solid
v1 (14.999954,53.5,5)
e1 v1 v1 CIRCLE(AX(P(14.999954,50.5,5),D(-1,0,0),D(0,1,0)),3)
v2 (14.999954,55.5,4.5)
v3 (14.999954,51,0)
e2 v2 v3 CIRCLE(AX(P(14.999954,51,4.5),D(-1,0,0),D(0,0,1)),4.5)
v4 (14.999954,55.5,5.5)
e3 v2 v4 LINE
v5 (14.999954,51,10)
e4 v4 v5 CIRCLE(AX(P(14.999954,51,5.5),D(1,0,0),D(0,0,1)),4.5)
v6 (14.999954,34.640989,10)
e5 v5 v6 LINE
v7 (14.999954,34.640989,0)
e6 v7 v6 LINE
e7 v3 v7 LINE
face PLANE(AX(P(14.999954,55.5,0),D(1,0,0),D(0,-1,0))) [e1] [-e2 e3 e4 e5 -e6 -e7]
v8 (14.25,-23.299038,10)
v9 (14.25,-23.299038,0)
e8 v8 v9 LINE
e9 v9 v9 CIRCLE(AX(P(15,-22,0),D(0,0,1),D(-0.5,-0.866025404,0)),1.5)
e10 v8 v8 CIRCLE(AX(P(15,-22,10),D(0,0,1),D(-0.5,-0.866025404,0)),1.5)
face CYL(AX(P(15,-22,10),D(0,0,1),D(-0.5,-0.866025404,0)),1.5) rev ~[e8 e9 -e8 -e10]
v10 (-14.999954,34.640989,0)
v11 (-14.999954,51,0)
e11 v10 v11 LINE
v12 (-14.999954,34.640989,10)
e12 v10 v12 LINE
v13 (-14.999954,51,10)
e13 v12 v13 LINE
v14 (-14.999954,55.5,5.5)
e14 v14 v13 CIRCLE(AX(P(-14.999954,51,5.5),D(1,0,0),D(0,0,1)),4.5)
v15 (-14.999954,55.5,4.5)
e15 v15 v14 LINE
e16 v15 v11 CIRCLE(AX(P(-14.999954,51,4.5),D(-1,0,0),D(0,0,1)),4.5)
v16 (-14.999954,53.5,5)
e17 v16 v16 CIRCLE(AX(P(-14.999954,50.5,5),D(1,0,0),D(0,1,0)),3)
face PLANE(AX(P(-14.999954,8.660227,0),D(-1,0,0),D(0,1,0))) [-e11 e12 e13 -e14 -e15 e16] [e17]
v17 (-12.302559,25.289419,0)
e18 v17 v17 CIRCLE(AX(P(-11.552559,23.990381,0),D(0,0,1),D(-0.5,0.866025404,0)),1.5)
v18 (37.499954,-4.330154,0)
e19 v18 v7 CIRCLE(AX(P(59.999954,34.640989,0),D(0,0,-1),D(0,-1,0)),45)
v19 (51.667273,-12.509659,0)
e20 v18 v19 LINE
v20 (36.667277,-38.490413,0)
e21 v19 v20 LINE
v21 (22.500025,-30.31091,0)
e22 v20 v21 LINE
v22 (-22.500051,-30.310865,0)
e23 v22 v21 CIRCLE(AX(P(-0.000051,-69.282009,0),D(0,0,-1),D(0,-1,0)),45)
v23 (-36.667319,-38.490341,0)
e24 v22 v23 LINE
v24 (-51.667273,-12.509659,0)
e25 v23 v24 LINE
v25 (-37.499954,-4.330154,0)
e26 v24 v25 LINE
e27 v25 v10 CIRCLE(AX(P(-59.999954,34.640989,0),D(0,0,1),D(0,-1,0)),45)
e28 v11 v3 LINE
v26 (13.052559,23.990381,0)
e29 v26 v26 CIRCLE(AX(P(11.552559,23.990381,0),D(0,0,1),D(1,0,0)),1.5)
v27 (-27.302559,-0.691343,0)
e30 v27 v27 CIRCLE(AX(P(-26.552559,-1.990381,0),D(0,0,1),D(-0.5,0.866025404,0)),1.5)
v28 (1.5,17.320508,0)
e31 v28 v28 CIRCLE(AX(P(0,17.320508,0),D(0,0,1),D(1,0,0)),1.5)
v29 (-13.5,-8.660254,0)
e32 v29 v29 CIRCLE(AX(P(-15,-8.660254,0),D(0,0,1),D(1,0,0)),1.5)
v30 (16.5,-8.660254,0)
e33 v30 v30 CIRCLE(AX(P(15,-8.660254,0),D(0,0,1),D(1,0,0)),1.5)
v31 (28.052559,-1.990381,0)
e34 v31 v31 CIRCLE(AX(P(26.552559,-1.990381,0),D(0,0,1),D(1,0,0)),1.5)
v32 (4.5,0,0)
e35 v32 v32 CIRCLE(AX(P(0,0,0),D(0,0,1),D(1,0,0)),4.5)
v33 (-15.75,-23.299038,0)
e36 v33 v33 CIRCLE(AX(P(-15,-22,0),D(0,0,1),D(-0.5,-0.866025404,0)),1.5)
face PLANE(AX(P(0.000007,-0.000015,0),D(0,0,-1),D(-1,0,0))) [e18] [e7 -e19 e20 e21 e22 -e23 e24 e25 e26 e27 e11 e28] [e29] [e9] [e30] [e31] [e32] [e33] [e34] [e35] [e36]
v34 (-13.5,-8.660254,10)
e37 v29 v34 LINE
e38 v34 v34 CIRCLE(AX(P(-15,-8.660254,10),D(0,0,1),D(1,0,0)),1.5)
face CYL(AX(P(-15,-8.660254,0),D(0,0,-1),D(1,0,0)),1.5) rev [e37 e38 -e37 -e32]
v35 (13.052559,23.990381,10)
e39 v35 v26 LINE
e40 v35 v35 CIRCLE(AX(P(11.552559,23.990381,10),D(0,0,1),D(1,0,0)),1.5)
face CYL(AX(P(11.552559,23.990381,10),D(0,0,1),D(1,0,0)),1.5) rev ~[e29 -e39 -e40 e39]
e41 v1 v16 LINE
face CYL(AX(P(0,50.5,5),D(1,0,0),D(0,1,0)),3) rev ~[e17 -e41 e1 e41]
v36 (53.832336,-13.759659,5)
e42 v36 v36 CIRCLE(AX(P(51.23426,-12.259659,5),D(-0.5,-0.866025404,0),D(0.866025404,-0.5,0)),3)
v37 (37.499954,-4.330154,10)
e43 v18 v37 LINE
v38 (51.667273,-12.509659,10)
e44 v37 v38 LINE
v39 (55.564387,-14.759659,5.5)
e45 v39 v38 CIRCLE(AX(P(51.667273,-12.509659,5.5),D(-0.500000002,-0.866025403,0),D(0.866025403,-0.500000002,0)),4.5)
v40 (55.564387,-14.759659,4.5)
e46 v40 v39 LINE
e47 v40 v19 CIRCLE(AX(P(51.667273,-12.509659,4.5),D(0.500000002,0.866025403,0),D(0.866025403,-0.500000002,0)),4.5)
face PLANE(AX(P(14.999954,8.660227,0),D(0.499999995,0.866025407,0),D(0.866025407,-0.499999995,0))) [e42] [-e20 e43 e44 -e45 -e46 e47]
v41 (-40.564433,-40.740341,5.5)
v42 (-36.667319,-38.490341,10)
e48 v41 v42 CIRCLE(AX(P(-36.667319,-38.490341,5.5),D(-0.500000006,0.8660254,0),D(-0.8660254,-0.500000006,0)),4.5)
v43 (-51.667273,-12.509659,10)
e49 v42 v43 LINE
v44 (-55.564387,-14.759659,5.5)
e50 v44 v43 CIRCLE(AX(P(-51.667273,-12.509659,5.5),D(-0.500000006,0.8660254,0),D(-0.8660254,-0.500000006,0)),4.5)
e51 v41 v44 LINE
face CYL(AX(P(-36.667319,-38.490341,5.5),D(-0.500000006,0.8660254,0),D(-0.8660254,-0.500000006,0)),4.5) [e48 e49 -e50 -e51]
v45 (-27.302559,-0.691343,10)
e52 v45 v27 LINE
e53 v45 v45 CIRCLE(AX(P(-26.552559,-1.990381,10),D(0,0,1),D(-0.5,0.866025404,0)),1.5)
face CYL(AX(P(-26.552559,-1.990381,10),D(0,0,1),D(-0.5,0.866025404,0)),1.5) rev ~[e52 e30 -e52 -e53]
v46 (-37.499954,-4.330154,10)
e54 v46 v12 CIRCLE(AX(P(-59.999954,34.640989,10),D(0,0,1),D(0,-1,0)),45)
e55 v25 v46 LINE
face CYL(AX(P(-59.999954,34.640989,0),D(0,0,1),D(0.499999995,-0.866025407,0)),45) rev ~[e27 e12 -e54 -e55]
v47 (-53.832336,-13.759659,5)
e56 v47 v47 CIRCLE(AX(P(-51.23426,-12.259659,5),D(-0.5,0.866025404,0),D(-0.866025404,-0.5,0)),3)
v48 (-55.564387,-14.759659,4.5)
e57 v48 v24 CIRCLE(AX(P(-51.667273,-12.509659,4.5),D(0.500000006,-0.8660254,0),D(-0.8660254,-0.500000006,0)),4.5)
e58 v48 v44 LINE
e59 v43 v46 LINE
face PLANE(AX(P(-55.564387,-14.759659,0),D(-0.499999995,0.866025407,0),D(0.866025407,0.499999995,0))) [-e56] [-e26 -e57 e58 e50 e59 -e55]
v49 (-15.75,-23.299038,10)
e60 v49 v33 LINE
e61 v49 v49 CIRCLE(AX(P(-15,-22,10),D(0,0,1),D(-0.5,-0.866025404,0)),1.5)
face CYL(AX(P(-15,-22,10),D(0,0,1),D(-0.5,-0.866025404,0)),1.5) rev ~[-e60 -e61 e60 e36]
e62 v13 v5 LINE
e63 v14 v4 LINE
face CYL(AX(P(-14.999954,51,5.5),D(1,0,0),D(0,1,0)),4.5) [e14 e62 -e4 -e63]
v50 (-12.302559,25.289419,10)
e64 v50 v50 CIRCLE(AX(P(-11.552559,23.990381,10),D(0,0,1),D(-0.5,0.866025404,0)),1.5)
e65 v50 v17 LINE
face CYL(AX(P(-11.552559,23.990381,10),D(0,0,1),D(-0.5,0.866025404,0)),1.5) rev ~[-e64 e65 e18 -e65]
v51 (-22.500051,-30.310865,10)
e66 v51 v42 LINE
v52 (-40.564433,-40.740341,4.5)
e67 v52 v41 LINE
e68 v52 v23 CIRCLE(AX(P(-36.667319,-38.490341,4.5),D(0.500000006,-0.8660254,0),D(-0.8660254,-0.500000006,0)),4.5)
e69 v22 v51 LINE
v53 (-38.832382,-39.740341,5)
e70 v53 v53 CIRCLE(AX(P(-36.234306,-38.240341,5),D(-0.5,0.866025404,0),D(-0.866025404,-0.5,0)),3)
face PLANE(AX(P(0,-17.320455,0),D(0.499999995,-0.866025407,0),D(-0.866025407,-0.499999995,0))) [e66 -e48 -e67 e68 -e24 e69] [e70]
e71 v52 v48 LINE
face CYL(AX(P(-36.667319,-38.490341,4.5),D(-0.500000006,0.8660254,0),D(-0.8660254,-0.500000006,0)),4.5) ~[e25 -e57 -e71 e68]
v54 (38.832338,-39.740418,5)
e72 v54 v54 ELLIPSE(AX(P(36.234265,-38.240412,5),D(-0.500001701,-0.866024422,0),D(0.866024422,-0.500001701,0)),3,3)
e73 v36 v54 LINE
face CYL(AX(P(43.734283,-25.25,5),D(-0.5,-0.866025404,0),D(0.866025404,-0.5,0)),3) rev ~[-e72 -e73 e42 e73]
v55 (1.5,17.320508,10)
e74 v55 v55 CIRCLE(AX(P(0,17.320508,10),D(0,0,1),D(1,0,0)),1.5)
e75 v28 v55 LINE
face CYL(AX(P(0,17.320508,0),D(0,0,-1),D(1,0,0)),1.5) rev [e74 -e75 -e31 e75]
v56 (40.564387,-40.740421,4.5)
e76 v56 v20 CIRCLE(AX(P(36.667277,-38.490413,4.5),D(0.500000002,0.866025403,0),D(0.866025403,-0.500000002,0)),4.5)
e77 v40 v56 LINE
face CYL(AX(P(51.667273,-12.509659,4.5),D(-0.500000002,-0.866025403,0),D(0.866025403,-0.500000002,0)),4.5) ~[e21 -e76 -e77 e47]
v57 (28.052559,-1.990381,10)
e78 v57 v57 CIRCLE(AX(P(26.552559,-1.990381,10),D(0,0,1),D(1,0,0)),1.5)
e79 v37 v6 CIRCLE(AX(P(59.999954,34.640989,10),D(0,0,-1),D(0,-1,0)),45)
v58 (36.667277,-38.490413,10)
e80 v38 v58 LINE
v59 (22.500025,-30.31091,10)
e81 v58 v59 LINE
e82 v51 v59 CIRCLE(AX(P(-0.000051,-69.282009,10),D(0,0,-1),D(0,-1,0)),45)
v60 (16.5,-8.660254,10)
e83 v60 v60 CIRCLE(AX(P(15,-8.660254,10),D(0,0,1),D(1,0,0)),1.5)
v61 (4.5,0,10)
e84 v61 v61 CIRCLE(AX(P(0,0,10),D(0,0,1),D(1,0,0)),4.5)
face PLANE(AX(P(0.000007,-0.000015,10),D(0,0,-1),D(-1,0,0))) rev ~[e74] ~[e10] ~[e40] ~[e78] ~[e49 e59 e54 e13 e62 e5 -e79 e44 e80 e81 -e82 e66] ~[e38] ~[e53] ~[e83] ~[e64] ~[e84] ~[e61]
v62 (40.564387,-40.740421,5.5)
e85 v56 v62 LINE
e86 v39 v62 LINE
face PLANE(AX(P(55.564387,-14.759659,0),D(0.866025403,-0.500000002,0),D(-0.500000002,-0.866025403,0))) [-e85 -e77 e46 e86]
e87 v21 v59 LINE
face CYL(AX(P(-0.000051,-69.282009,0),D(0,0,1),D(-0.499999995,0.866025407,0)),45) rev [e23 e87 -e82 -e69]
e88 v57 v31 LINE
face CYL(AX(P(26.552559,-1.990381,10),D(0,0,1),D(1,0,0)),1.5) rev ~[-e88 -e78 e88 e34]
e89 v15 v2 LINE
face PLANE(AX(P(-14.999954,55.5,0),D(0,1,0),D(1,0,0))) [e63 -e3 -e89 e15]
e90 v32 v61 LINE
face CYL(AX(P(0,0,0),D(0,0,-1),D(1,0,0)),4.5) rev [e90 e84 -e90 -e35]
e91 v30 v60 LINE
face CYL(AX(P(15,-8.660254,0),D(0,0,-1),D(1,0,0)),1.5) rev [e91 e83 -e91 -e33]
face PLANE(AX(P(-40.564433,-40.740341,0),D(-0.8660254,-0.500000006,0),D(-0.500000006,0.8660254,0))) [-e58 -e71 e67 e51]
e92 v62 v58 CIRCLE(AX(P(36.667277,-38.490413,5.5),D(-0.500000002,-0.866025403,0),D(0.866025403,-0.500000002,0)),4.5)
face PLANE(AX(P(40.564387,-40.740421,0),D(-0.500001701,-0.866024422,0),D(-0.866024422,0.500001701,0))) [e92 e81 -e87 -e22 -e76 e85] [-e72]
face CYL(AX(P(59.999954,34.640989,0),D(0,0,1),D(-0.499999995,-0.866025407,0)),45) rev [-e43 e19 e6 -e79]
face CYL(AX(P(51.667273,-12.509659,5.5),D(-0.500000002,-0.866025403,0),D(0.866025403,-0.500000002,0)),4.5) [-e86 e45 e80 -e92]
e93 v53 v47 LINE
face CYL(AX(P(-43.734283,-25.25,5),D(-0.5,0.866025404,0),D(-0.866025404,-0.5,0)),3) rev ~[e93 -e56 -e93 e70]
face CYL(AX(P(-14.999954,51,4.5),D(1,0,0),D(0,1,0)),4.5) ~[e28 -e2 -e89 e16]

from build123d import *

# Parameters (mm, degrees)
SKETCH021_R           = 4.5
SKETCH021_R_2         = 1.5
PAD011_DEPTH          = 10
FILLET_R              = 4.5
SKETCH022_R           = 3
POCKET004_DEPTH       = 350.264033
POCKET004_DEPTH_BACK  = 350.264033
POLARPATTERN001_COUNT = 3
FILLET001_R           = 45
SKETCH025_R           = 1.5
POCKET005_DEPTH       = 304.699646
POLARPATTERN002_COUNT = 3


with BuildPart() as part:
    # Sketch021 → Pad011 (new body)
    with BuildSketch(Plane.XY):
        Polygon((-40.564433, -40.740341), (-55.564387, -14.759659), (-14.999954, 8.660227), (-14.999954, 55.5), (14.999954, 55.5), (14.999954, 8.660227), (55.564387, -14.759659), (40.564387, -40.740421), (0, -17.320455), align=None)
        Circle(SKETCH021_R, mode=Mode.SUBTRACT)
        with Locations((0, 17.320508)):
            Circle(SKETCH021_R_2, mode=Mode.SUBTRACT)
        with Locations((15, -8.660254)):
            Circle(SKETCH021_R_2, mode=Mode.SUBTRACT)
        with Locations((-15, -8.660254)):
            Circle(SKETCH021_R_2, mode=Mode.SUBTRACT)
    extrude(amount=PAD011_DEPTH)

    # Fillet
    fillet_edges = [part.edges().sort_by_distance(p)[0] for p in [
        (0, 55.5, 0),
        (48.064387, -27.75004, 0),
        (-48.06441, -27.75, 0),
        (48.064387, -27.75004, 10),
        (-48.06441, -27.75, 10),
        (0, 55.5, 10),
    ]]
    fillet(fillet_edges, radius=FILLET_R)

    # Sketch022 → Pocket004 (cut, two sides)
    with BuildSketch(Plane.YZ) as pocket004_sk:
        with Locations((50.5, 5)):
            Circle(SKETCH022_R)
    pocket004 = extrude(amount=-POCKET004_DEPTH, mode=Mode.SUBTRACT) + extrude(pocket004_sk.sketch, amount=POCKET004_DEPTH_BACK, mode=Mode.SUBTRACT)

    # PolarPattern001: Pocket004 ×3 about axis
    polarpattern001_axis = Axis((0, 0, 0), (0, 0, 1))
    for i in range(1, POLARPATTERN001_COUNT):
        add(pocket004.rotate(polarpattern001_axis, i * 360 / POLARPATTERN001_COUNT), mode=Mode.SUBTRACT)

    # Fillet001
    fillet001_edges = [part.edges().sort_by_distance(p)[0] for p in [
        (14.999954, 8.660227, 5),
        (-14.999954, 8.660227, 5),
        (0, -17.320455, 5),
    ]]
    fillet(fillet001_edges, radius=FILLET001_R)

    # Sketch025 (on Face5 of Fillet001) → Pocket005 (cut, through all)
    with BuildSketch(Plane.XY.offset(10)):
        with Locations((11.552559, 23.990381)):
            Circle(SKETCH025_R)
        with Locations((26.552559, -1.990381)):
            Circle(SKETCH025_R)
    pocket005 = extrude(amount=-POCKET005_DEPTH, mode=Mode.SUBTRACT)

    # PolarPattern002: Pocket005 ×3 about axis
    polarpattern002_axis = Axis((0, 0, 10), (0, 0, 1))
    for i in range(1, POLARPATTERN002_COUNT):
        add(pocket005.rotate(polarpattern002_axis, i * 360 / POLARPATTERN002_COUNT), mode=Mode.SUBTRACT)


solid = part.part
